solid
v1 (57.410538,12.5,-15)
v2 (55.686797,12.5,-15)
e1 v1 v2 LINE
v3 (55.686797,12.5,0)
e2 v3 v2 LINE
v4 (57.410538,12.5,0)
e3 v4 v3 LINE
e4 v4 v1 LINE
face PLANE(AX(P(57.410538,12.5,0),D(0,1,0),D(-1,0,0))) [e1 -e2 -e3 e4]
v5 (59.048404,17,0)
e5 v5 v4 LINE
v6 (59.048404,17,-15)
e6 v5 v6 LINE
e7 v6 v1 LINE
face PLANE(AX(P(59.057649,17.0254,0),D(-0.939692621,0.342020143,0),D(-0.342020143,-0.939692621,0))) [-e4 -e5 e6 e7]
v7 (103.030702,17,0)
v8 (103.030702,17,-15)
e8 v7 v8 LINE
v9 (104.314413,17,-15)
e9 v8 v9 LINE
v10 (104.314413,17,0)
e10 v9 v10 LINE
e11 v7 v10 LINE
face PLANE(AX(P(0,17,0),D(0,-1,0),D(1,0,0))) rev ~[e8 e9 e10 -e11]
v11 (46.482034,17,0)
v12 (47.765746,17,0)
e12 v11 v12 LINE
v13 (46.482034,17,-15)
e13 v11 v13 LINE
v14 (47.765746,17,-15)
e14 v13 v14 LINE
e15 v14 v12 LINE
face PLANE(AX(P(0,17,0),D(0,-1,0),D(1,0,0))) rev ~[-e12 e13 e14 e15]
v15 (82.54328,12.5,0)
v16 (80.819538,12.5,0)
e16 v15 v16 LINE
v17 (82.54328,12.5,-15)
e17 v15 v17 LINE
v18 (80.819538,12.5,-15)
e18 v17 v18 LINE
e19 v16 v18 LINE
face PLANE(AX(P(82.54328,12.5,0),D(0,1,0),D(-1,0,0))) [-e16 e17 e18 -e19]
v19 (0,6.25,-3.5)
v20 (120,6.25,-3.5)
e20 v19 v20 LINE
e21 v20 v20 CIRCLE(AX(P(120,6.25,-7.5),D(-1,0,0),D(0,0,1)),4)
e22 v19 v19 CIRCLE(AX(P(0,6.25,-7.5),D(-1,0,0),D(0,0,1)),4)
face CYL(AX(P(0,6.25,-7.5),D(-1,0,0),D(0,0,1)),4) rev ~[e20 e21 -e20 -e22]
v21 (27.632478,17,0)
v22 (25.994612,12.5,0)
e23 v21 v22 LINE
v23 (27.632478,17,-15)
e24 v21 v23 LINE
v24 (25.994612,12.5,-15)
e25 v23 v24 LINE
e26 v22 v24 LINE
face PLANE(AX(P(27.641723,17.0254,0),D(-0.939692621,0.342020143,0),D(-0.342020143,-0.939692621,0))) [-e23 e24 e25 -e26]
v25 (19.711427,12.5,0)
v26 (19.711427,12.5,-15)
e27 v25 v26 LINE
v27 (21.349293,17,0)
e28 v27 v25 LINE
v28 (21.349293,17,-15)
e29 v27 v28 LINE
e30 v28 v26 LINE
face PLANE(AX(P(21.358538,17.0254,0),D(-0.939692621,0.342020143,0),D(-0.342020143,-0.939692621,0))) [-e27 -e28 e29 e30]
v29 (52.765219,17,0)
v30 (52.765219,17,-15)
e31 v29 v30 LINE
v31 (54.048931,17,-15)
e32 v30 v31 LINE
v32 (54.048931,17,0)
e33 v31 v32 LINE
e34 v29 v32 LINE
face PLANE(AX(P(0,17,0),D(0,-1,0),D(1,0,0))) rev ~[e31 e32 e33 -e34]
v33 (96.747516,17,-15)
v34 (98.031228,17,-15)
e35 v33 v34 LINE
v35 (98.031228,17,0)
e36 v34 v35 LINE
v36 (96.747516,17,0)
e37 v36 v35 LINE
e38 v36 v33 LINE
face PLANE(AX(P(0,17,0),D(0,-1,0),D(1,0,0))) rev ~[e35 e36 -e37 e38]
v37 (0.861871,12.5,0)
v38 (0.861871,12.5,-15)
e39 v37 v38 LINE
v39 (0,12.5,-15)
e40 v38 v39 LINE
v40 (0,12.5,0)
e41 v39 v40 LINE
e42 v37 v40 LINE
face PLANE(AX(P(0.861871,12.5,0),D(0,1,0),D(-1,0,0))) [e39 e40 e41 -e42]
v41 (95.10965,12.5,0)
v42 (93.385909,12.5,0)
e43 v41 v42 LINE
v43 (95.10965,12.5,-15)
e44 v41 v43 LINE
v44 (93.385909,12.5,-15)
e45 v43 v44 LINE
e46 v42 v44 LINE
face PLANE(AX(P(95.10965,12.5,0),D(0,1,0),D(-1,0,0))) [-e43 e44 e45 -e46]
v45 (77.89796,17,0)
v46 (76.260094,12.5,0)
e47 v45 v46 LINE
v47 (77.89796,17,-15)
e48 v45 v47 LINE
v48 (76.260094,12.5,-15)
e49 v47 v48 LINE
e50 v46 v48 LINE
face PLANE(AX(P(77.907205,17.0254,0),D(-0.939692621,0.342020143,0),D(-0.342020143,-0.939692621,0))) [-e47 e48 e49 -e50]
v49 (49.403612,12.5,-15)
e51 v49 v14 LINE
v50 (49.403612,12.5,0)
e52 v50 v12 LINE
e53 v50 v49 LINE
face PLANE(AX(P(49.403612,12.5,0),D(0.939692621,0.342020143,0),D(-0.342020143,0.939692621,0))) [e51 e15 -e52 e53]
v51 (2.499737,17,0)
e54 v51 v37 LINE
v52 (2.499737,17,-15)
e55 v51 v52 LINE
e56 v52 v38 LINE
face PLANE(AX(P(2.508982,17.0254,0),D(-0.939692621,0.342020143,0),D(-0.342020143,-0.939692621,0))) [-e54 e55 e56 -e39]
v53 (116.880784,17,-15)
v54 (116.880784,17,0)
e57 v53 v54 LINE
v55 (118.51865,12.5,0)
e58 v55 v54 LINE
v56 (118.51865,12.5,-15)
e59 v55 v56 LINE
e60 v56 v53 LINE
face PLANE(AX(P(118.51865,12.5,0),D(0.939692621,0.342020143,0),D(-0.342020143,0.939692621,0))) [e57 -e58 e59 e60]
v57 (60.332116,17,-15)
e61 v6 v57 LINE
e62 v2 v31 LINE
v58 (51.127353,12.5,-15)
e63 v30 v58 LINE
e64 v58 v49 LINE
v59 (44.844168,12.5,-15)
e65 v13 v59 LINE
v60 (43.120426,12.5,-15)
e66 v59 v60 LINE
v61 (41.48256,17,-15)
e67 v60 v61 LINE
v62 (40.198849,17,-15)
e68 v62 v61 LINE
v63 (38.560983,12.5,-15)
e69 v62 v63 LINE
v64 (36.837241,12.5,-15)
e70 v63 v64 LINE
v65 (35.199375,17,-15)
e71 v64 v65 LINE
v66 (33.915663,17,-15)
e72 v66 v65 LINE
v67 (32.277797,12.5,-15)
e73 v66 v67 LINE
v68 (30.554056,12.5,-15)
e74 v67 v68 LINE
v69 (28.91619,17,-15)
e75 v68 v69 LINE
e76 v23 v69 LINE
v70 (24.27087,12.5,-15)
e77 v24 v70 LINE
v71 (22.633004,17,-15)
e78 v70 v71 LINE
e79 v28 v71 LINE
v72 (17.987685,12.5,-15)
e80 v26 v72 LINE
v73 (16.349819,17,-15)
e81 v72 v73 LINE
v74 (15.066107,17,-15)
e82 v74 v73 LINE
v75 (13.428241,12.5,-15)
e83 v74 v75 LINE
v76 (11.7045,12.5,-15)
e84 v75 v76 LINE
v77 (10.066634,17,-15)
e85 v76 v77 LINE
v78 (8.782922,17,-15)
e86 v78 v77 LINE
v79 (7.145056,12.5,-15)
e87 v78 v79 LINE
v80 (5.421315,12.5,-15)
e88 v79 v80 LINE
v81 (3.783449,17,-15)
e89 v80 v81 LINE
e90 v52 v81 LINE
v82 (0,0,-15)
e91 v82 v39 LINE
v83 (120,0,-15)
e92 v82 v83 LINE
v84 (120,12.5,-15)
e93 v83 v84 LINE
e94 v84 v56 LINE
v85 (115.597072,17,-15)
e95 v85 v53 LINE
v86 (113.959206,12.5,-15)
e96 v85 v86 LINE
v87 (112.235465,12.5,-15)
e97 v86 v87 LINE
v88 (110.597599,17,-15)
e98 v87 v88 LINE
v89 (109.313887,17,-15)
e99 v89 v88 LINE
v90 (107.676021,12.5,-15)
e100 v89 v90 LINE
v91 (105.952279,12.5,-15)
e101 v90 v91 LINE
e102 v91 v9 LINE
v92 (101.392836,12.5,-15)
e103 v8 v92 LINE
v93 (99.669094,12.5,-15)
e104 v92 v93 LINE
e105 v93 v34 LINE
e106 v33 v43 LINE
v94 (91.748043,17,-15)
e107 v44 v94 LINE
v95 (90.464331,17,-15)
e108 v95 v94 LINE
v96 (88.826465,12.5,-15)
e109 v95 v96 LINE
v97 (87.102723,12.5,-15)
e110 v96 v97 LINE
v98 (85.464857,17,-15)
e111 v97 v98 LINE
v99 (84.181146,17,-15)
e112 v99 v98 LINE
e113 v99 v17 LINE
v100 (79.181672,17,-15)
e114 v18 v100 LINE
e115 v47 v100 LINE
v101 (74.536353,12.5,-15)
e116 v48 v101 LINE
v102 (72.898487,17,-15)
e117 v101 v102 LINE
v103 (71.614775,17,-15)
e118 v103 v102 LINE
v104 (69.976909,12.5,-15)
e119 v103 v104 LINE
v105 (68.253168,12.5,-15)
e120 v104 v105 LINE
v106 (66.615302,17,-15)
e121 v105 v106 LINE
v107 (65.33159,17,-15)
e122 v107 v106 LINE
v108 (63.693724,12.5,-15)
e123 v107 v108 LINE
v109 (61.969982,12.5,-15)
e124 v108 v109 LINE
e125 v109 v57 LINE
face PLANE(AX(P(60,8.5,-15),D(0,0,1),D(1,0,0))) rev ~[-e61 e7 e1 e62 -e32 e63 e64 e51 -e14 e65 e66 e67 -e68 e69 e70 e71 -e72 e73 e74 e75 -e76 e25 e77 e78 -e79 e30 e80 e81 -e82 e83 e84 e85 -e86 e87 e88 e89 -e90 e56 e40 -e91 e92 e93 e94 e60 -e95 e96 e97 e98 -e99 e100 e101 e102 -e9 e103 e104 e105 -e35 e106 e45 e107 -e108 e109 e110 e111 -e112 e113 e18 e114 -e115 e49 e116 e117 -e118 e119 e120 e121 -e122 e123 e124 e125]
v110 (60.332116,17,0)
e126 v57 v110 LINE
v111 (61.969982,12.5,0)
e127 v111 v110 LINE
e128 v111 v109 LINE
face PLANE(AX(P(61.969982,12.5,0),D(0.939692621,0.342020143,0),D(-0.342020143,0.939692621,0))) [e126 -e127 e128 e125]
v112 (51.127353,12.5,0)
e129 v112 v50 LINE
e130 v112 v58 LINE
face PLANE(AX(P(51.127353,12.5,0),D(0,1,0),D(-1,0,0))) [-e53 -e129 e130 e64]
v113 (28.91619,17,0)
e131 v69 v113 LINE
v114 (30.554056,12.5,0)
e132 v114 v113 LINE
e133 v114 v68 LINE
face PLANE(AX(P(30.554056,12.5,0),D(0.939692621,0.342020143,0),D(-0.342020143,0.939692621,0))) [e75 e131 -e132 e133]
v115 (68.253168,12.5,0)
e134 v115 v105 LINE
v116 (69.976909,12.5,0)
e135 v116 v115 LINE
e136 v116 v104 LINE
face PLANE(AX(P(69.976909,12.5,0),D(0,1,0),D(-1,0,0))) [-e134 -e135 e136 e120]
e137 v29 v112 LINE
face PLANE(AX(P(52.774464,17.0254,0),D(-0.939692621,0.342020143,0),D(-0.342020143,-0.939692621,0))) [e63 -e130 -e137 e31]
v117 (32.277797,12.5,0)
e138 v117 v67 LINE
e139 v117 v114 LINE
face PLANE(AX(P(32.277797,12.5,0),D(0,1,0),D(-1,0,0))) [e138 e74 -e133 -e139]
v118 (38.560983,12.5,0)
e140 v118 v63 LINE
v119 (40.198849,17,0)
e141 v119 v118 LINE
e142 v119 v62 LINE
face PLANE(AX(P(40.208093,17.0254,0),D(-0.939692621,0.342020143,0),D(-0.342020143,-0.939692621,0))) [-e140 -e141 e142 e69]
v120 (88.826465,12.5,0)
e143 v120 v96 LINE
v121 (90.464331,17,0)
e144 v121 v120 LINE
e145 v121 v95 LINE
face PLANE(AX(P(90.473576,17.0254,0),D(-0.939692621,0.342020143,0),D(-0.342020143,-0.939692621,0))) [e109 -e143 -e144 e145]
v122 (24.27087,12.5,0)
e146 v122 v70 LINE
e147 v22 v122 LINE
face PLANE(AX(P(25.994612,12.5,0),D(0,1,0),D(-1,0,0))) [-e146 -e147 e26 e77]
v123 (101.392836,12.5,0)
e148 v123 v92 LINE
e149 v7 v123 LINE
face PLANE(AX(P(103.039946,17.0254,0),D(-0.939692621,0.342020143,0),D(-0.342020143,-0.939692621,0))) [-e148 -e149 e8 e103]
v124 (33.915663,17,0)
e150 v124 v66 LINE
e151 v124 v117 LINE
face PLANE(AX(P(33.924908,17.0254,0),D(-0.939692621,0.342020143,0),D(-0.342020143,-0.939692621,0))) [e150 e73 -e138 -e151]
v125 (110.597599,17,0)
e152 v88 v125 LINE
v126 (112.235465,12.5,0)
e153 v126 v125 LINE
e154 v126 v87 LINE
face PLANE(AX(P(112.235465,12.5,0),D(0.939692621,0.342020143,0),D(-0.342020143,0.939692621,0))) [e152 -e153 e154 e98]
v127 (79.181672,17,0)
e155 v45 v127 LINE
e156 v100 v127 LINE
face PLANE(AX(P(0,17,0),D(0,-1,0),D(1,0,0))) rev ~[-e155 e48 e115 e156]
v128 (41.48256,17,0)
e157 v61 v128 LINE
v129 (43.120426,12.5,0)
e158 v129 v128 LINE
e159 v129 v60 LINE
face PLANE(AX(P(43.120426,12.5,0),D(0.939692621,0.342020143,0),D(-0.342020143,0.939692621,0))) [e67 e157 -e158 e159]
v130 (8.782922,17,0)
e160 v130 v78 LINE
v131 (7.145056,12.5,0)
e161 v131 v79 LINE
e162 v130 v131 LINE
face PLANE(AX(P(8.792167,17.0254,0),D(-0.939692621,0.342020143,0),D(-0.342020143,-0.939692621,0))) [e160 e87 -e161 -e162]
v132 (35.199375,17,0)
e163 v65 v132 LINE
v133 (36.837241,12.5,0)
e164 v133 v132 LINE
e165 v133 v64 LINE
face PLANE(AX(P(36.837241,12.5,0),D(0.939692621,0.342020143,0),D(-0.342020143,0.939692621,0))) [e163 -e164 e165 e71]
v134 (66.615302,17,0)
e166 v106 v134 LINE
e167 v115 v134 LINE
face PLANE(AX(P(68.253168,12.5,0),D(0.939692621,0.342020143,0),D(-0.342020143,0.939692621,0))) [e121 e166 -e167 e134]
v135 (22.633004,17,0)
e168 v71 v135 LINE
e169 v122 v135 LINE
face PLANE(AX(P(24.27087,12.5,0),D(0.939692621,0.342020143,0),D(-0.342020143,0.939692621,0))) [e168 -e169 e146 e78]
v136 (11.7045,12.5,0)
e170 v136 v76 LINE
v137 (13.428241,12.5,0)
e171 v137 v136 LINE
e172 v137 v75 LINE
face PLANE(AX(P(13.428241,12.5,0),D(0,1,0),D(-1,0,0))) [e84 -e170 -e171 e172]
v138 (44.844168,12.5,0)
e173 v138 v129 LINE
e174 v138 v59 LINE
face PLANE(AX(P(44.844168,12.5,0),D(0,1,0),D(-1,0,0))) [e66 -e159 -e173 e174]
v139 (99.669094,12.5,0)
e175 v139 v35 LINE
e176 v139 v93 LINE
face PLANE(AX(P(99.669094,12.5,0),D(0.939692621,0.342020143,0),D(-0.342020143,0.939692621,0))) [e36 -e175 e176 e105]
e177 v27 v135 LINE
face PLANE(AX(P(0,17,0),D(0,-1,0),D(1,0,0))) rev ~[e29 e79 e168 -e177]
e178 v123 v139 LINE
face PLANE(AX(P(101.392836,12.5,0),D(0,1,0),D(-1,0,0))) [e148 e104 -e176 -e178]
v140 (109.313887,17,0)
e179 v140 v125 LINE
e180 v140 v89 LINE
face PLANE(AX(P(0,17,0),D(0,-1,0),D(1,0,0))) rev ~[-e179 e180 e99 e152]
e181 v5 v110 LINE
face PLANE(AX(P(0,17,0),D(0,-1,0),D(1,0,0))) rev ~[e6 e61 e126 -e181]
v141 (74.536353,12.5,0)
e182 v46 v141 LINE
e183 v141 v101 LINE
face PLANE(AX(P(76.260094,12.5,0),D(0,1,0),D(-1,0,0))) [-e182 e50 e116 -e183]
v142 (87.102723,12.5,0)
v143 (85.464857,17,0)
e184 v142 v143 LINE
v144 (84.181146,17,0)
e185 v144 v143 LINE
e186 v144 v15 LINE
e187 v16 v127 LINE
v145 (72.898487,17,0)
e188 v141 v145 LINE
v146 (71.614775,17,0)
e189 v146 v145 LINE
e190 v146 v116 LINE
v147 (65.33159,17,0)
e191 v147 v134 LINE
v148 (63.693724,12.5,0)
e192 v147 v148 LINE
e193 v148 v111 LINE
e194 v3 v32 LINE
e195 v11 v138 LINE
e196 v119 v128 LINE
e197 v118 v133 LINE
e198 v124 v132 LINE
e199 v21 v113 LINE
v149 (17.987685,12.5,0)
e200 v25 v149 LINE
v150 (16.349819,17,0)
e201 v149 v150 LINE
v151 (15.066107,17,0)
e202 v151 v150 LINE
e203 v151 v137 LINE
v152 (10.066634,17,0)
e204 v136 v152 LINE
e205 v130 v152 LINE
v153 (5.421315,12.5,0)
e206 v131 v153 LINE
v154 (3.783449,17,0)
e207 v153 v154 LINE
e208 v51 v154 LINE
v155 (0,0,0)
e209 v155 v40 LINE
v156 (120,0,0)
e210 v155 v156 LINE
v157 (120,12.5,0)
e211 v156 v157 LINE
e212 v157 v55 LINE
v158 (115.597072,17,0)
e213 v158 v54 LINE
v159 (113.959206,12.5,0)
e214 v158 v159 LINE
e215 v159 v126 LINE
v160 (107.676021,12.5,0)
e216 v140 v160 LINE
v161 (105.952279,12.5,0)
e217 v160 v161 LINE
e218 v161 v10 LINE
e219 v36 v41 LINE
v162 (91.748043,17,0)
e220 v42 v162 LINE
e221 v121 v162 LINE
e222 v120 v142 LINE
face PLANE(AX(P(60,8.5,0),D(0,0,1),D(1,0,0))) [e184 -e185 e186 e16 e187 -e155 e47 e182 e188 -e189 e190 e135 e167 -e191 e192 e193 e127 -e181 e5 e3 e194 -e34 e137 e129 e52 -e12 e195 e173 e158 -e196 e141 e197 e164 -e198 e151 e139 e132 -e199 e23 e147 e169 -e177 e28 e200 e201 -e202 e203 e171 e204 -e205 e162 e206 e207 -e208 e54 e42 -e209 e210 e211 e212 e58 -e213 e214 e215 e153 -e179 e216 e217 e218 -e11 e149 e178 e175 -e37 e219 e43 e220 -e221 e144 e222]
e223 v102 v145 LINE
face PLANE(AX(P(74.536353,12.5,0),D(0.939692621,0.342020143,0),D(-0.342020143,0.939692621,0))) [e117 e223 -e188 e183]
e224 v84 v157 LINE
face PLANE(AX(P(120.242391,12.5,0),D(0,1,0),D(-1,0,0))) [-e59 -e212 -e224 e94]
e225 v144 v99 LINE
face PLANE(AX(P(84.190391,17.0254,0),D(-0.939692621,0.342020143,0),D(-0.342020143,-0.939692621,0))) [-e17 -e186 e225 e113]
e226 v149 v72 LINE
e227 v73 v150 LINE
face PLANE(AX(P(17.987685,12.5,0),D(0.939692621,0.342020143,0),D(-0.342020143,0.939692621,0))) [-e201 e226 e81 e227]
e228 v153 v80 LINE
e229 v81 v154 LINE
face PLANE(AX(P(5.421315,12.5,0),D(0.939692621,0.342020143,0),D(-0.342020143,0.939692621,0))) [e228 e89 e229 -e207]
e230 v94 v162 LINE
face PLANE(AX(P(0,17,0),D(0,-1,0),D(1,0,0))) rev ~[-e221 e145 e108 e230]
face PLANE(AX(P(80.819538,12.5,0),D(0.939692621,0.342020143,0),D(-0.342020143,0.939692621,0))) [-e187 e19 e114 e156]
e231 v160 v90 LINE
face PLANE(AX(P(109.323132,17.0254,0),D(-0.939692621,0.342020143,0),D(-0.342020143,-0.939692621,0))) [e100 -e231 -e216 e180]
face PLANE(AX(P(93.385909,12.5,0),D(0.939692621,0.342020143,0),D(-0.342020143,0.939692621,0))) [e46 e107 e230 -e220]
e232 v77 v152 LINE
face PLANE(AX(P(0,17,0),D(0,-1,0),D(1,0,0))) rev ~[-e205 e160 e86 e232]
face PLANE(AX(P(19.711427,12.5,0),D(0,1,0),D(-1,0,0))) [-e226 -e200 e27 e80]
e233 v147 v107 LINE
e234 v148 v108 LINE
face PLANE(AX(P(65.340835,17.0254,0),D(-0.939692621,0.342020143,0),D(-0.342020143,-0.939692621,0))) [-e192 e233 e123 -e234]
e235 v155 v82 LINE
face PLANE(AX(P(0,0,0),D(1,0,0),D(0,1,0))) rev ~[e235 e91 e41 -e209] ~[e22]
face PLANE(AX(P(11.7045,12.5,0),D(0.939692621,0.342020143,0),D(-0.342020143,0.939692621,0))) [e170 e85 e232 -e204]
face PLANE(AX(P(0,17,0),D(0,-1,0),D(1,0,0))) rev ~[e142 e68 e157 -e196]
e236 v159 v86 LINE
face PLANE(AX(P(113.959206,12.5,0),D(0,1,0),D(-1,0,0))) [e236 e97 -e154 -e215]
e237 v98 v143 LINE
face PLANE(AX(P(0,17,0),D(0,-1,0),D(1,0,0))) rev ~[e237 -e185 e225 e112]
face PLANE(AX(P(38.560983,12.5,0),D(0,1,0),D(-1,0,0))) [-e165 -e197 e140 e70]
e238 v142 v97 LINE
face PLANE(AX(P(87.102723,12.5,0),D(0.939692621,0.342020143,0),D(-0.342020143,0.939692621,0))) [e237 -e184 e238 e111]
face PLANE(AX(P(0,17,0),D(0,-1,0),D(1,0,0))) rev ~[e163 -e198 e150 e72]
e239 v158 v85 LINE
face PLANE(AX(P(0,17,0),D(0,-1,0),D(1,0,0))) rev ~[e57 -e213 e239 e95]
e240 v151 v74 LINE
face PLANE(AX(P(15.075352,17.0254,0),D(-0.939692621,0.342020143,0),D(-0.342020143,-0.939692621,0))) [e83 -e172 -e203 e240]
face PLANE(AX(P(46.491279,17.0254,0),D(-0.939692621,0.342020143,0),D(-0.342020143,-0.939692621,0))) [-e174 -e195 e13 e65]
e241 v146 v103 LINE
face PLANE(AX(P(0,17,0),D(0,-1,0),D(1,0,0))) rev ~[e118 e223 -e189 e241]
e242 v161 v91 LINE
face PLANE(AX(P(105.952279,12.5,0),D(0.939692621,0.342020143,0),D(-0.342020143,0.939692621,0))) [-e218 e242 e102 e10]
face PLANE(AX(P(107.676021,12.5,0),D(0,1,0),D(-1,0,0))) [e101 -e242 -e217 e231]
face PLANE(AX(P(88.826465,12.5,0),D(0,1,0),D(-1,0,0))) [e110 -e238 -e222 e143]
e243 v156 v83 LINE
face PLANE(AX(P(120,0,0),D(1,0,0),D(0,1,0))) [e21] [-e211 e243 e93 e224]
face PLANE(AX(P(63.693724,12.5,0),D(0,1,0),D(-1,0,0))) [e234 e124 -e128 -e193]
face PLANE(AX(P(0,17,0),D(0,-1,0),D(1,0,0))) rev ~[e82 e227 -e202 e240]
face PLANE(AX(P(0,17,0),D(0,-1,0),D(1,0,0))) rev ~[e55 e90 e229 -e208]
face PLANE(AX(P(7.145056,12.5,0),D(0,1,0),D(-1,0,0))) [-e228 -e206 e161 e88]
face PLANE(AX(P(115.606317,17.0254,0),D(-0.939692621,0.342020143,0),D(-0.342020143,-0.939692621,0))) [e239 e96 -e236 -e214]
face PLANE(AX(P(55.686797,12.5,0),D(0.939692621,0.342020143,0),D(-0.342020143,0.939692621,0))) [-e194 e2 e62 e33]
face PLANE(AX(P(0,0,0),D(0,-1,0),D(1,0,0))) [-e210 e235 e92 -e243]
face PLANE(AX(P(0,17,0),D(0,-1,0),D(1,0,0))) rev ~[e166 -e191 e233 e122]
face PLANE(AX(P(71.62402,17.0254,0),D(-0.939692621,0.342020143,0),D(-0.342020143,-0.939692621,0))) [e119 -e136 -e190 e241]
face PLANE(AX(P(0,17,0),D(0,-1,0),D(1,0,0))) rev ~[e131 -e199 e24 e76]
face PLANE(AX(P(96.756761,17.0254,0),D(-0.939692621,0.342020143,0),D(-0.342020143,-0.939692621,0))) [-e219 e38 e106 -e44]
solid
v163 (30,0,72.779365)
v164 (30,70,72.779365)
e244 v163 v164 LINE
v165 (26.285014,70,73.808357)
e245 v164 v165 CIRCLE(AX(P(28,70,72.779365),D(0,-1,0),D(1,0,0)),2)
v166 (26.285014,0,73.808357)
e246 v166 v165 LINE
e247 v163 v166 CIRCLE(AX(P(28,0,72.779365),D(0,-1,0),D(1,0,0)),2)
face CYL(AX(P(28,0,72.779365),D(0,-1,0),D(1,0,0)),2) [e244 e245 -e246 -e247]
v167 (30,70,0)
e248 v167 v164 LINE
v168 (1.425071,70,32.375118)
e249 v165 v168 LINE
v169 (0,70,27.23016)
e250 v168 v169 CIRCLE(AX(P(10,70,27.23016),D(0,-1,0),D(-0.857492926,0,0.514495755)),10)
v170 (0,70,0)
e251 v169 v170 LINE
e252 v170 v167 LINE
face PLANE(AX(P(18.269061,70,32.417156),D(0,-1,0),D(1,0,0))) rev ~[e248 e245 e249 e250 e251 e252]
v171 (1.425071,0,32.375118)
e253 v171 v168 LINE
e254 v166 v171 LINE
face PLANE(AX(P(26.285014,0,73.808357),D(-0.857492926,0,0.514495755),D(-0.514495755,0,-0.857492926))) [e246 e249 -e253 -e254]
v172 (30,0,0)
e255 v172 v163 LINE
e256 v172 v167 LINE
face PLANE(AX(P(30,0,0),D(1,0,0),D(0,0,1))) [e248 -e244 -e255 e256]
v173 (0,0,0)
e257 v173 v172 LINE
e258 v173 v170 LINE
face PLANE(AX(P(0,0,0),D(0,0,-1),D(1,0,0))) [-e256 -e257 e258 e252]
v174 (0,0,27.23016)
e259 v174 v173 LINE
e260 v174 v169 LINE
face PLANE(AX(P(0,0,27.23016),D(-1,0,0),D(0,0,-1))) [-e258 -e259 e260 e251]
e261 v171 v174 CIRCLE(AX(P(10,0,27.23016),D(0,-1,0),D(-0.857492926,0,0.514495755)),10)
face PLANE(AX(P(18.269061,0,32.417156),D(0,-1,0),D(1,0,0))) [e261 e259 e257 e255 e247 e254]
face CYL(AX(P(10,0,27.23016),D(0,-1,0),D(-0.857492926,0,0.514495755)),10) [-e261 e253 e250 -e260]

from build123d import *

# Parameters (mm, degrees)
BLANKSKE_W               = 120
BLANKSKE_H               = 17
BLANK_DEPTH              = 15
TOOTHCUTSIM_DEPTH        = 123.122888928
TEETHCUTS_COUNT          = 20
TEETHCUTS_PITCH          = 6.2831853
RESSALTO_EXTRUS_O2_DEPTH = 70
ESBO_O8_R                = 4
CORTE_EXTRUS_O2_DEPTH    = 120


with BuildPart() as part:
    # BlankSke → Blank (new body)
    with BuildSketch(Plane.XY):
        with Locations((60, 8.5)):
            Rectangle(BLANKSKE_W, BLANKSKE_H)
    extrude(amount=-BLANK_DEPTH)

    # TooCutSkeSim → ToothCutSim (cut, through all)
    with BuildSketch(Plane.XY):
        Polygon((0.861870739, 12.5), (-0.861870739, 12.5), (-2.508981637, 17.0254), (2.508981637, 17.0254), align=None)
    toothcutsim = extrude(amount=-TOOTHCUTSIM_DEPTH, mode=Mode.SUBTRACT)

    # TeethCuts: ToothCutSim ×20
    with Locations(*[(i * TEETHCUTS_PITCH, 0, 0) for i in range(1, TEETHCUTS_COUNT)]):
        add(toothcutsim, mode=Mode.SUBTRACT)

    # Esboço8 → Corte-extrusão2 (cut)
    with BuildSketch(Plane.ZY):
        with Locations((-7.5, 6.25)):
            Circle(ESBO_O8_R)
    extrude(amount=-CORTE_EXTRUS_O2_DEPTH, mode=Mode.SUBTRACT)


with BuildPart() as body_2:
    # Esboço5 → Ressalto-extrusão2 (new body)
    with BuildSketch(Plane.XZ):
        with BuildLine():
            Line((0, 0), (30, 0))
            Line((30, 0), (30, 72.779365403))
            ThreePointArc((30, 72.779365403), (28.533867164, 74.70679526), (26.285014149, 73.808356914))
            Line((26.285014149, 73.808356914), (1.425070743, 32.375117905))
            ThreePointArc((1.425070743, 32.375117905), (0.362850718, 29.899496169), (0, 27.230160351))
            Line((0, 27.230160351), (0, 0))
        make_face()
    extrude(amount=-RESSALTO_EXTRUS_O2_DEPTH)


solid = Compound([part.part, body_2.part])
